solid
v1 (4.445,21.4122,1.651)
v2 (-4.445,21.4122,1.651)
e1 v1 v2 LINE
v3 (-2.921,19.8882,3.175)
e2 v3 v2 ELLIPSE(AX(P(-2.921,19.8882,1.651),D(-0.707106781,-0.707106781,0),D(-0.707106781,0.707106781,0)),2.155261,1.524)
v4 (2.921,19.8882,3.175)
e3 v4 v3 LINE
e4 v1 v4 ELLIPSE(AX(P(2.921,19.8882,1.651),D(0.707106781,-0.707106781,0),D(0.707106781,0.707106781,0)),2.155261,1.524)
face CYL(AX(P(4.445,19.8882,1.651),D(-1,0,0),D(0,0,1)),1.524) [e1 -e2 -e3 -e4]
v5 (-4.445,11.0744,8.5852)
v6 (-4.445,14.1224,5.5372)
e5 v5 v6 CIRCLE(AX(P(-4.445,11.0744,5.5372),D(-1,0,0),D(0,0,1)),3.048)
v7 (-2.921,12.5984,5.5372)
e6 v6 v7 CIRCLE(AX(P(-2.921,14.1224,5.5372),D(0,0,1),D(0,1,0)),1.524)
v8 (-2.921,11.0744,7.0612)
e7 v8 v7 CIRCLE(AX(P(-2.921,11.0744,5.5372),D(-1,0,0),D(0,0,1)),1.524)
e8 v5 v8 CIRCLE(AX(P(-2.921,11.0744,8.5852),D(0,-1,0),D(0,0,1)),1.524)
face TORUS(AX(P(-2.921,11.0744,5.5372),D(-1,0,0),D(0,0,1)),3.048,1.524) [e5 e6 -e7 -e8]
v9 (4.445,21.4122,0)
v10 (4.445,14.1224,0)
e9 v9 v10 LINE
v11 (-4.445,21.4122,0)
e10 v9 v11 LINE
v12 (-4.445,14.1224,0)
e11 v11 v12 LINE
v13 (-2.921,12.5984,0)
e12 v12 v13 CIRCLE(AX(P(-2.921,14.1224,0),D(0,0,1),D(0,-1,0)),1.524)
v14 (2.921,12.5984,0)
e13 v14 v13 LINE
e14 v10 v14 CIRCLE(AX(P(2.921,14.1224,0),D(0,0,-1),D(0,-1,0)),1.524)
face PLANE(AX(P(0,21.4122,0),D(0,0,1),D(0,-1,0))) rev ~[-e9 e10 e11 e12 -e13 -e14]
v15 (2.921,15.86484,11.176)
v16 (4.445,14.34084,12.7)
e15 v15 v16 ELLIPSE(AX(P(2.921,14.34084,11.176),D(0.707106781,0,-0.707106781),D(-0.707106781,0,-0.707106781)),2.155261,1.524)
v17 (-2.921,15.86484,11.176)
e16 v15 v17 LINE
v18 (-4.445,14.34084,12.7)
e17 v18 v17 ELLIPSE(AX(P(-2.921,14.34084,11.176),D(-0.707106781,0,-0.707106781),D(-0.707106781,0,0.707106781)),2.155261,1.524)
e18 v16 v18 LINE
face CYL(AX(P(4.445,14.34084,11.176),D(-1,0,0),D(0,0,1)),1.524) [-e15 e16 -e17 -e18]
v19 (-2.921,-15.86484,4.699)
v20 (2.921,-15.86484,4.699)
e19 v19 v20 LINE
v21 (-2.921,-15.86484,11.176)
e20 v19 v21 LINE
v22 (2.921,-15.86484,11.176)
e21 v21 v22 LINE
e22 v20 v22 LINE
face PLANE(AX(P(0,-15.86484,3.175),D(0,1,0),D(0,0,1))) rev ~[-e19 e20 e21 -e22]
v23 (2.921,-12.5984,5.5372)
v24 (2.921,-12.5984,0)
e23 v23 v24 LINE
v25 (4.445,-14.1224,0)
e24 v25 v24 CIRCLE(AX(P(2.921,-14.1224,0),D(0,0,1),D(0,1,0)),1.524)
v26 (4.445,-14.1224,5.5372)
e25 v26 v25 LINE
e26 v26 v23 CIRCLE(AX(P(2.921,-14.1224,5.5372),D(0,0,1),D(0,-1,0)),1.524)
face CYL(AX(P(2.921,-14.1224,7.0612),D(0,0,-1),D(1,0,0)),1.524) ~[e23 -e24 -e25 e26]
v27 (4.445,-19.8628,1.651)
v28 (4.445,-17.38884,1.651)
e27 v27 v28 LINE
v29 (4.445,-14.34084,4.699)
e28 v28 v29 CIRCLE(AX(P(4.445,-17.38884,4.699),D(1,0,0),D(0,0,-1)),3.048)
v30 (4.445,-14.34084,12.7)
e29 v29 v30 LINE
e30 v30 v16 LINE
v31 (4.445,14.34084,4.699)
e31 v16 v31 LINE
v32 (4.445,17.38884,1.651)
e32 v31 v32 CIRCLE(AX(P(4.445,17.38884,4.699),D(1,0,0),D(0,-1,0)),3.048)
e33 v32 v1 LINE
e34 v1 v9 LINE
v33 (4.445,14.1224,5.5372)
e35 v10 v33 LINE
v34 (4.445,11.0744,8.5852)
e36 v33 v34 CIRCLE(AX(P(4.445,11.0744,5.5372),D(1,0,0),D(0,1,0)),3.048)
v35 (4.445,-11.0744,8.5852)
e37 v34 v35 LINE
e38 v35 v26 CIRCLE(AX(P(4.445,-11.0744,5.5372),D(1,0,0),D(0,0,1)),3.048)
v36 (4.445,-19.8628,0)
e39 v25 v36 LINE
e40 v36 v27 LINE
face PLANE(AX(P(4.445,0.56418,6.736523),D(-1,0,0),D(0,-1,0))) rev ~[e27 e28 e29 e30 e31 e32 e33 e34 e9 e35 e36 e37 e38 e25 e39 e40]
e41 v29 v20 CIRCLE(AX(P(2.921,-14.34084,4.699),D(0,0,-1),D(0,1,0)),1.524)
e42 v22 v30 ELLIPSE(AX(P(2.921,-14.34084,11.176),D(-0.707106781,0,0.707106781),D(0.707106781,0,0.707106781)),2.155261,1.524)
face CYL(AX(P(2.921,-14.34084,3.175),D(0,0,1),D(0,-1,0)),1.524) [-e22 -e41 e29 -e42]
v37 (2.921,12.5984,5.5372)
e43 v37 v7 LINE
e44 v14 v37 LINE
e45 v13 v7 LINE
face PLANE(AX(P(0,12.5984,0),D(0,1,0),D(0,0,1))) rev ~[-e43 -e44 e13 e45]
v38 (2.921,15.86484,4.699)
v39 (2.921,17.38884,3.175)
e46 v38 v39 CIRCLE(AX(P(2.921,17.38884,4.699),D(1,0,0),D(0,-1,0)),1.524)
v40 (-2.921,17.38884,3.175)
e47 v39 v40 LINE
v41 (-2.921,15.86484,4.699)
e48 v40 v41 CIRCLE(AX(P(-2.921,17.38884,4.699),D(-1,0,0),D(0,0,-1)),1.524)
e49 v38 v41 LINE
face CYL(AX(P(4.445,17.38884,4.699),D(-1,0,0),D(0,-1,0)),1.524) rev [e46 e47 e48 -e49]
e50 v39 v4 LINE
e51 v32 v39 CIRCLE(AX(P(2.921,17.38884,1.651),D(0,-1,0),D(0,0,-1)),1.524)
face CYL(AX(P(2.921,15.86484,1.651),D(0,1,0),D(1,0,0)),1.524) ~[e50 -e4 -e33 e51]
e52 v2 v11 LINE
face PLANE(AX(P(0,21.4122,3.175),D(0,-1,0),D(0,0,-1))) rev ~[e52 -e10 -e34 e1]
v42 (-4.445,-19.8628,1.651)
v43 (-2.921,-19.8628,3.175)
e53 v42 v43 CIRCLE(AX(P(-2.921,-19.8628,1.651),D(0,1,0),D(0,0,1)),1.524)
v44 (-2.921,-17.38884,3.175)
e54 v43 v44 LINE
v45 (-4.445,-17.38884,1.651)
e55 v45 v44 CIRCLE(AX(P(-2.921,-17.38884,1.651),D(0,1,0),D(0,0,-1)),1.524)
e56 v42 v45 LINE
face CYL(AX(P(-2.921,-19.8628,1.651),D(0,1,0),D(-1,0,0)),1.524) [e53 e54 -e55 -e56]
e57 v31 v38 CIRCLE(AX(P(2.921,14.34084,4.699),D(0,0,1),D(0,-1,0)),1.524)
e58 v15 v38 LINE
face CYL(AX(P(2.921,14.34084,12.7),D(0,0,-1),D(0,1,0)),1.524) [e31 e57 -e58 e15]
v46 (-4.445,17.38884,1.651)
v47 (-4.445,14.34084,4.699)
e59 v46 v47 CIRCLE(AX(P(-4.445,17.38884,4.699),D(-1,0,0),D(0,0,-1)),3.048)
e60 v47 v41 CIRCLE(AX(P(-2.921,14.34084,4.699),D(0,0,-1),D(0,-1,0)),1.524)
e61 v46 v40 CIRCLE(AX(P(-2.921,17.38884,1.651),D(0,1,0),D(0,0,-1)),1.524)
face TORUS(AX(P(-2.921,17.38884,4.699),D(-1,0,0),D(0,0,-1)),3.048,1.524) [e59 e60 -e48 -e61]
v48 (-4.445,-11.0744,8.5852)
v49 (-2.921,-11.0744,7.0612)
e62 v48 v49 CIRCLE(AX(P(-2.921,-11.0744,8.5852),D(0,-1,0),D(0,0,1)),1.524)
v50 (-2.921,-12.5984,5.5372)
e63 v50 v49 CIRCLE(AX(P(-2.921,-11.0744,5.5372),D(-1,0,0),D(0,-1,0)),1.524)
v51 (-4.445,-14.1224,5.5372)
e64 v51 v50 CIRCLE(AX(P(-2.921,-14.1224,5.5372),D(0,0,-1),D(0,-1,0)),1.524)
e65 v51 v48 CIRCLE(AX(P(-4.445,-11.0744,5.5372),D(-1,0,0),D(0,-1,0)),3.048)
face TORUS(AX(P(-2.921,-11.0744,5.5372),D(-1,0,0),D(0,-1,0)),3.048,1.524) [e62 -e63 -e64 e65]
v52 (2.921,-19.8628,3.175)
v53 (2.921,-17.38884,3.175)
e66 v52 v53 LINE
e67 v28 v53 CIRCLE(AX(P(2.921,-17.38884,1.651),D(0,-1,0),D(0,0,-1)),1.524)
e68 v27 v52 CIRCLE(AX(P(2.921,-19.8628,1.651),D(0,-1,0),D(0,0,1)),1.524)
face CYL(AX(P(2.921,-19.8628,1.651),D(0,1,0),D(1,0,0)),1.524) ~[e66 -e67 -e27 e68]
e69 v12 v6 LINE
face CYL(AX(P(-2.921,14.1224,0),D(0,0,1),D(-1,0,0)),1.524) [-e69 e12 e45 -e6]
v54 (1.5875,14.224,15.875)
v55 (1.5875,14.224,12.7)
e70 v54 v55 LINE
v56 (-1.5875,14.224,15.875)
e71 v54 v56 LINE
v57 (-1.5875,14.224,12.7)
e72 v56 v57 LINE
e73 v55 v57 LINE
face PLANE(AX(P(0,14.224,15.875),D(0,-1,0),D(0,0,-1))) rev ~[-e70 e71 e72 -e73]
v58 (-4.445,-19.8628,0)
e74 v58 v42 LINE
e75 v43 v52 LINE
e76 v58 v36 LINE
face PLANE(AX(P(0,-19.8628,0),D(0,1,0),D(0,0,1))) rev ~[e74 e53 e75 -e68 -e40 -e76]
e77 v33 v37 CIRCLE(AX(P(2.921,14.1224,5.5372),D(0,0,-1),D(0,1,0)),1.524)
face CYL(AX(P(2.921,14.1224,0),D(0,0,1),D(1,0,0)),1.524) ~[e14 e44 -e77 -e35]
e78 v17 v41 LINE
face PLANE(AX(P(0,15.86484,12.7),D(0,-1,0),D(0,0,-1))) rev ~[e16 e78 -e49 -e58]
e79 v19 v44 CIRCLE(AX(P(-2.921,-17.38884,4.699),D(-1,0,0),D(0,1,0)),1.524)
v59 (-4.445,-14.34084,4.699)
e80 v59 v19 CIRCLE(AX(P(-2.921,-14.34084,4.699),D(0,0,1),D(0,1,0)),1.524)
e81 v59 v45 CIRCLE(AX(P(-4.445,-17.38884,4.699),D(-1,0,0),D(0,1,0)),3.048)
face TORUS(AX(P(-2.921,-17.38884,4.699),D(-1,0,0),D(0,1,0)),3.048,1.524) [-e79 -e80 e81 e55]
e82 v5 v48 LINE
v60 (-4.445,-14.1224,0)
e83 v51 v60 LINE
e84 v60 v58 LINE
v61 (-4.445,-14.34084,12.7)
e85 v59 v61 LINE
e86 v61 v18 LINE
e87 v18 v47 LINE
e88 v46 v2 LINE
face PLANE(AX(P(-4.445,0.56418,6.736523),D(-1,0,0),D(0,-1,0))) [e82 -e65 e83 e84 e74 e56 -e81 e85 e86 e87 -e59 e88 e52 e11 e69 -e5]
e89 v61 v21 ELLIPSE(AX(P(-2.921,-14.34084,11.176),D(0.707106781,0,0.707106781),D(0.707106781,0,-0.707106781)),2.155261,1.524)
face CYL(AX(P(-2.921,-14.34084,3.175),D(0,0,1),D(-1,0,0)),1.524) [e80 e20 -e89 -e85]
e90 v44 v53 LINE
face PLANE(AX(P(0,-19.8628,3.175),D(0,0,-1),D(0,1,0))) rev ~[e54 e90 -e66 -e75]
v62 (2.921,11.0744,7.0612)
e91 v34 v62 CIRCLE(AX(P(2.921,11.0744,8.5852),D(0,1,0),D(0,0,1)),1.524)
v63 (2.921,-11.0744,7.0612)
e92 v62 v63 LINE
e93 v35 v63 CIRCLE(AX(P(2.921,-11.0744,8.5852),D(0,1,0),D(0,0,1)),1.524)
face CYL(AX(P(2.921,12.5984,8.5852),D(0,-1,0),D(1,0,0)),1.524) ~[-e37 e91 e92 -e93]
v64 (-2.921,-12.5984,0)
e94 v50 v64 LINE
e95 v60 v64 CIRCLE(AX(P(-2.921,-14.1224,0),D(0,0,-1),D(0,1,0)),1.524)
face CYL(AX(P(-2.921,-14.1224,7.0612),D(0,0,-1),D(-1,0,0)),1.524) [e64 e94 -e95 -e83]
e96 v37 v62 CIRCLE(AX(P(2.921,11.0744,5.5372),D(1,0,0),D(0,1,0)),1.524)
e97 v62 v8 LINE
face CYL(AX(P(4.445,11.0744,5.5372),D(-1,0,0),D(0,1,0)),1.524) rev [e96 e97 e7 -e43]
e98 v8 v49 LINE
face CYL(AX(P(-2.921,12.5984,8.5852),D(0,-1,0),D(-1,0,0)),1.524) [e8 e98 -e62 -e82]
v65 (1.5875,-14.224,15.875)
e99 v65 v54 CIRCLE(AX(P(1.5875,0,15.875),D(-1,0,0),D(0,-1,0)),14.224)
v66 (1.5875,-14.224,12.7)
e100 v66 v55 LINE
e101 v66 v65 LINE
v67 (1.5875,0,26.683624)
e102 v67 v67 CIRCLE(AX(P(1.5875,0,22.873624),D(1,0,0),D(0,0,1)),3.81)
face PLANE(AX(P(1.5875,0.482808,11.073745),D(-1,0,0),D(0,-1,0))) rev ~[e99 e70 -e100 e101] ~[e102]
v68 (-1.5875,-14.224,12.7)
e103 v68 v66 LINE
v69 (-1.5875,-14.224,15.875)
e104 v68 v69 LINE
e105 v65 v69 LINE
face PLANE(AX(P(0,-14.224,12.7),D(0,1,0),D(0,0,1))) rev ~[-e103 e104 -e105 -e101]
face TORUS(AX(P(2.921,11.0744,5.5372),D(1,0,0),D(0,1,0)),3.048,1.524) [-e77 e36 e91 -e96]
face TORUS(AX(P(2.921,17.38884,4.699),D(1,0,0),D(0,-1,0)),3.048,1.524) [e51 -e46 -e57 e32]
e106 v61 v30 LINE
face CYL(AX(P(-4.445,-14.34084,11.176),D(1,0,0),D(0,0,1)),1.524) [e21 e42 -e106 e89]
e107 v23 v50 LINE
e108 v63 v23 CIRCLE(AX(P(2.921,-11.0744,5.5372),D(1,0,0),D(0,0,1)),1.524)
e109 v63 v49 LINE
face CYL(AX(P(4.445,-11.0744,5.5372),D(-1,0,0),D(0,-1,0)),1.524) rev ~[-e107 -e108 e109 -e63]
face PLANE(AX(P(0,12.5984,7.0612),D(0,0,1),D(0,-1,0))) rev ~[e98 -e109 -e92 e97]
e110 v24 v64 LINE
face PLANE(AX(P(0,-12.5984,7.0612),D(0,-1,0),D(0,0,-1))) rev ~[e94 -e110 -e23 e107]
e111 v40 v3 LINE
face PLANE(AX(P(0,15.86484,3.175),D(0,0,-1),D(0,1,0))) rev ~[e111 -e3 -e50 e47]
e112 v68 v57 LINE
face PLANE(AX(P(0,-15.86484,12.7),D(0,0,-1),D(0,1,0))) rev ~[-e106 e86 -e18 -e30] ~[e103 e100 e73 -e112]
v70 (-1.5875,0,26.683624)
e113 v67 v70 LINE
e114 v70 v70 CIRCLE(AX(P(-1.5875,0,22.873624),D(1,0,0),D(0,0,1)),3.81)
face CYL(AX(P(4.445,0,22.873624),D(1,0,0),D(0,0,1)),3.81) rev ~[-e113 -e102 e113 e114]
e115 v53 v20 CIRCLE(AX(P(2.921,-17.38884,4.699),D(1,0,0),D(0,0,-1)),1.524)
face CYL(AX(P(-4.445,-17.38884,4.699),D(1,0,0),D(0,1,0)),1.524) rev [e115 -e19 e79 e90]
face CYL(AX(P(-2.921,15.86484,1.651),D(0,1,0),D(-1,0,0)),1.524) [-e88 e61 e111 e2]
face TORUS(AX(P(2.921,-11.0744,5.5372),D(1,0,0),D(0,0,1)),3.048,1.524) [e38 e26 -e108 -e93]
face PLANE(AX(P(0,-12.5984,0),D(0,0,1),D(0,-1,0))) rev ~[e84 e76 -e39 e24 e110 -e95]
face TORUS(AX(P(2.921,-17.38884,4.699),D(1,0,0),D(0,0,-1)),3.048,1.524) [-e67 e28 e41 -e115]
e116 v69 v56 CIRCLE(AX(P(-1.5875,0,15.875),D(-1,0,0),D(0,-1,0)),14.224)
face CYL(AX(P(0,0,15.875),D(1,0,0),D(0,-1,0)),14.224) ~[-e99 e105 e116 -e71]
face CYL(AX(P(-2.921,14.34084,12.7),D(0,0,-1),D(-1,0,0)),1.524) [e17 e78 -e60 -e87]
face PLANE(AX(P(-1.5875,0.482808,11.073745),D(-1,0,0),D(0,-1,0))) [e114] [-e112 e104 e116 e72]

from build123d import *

# Parameters (mm, degrees)
BOSS_EXTRUDE1_DEPTH = 4.445
BOSS_EXTRUDE2_DEPTH = 1.5875
SKETCH5_R           = 3.81
CUT_EXTRUDE1_DEPTH  = 127
FILLET2_R           = 1.524
FILLET3_R           = 1.524
FILLET4_R           = 1.524


with BuildPart() as part:
    # Sketch3 → Boss-Extrude1 (new, symmetric)
    with BuildSketch(Plane.YZ):
        Polygon((-19.8628, 0), (-19.8628, 3.175), (-15.86484, 3.175), (-15.86484, 12.7), (15.86484, 12.7), (15.86484, 3.175), (21.4122, 3.175), (21.4122, 0), (12.5984, 0), (12.5984, 7.0612), (-12.5984, 7.0612), (-12.5984, 0), align=None)
    extrude(amount=BOSS_EXTRUDE1_DEPTH, both=True)

    # Sketch4 → Boss-Extrude2 (add, symmetric)
    with BuildSketch(Plane.YZ):
        with BuildLine():
            Line((-14.224, 12.7), (-14.224, 15.875))
            ThreePointArc((-14.224, 15.875), (0, 30.099), (14.224, 15.875))
            Line((14.224, 15.875), (14.224, 12.7))
            Line((14.224, 12.7), (15.86484, 12.7))
            Line((15.86484, 12.7), (15.86484, 3.175))
            Line((15.86484, 3.175), (21.4122, 3.175))
            Line((21.4122, 3.175), (21.4122, 0))
            Line((21.4122, 0), (12.5984, 0))
            Line((12.5984, 0), (12.5984, 7.0612))
            Line((12.5984, 7.0612), (-12.5984, 7.0612))
            Line((-12.5984, 7.0612), (-12.5984, 0))
            Line((-12.5984, 0), (-19.8628, 0))
            Line((-19.8628, 0), (-19.8628, 3.175))
            Line((-19.8628, 3.175), (-15.86484, 3.175))
            Line((-15.86484, 3.175), (-15.86484, 12.7))
            Line((-15.86484, 12.7), (-14.224, 12.7))
        make_face()
    extrude(amount=BOSS_EXTRUDE2_DEPTH, both=True)

    # Sketch5 → Cut-Extrude1 (cut)
    with BuildSketch(Plane.YZ.offset(4.445)):
        with Locations(Location((0, 22.873624204, 0), (0, 0, 90))):
            Circle(SKETCH5_R)
    extrude(amount=-CUT_EXTRUDE1_DEPTH, mode=Mode.SUBTRACT)

    # Fillet2
    fillet2_edges = [part.edges().sort_by_distance(p)[0] for p in [
        (4.445, 15.86484, 7.9375),
        (4.445, 18.63852, 3.175),
        (0, 15.86484, 12.7),
        (0, 15.86484, 3.175),
        (0, 21.4122, 3.175),
        (-4.445, 18.63852, 3.175),
        (-4.445, 15.86484, 7.9375),
    ]]
    fillet(fillet2_edges, radius=FILLET2_R)

    # Fillet3
    fillet3_edges = [part.edges().sort_by_distance(p)[0] for p in [
        (4.445, -17.86382, 3.175),
        (4.445, -15.86484, 7.9375),
        (0, -15.86484, 3.175),
        (0, -15.86484, 12.7),
        (-4.445, -15.86484, 7.9375),
        (-4.445, -17.86382, 3.175),
    ]]
    fillet(fillet3_edges, radius=FILLET3_R)

    # Fillet4
    fillet4_edges = [part.edges().sort_by_distance(p)[0] for p in [
        (-4.445, 0, 7.0612),
        (4.445, 12.5984, 3.5306),
        (4.445, 0, 7.0612),
        (4.445, -12.5984, 3.5306),
        (-4.445, 12.5984, 3.5306),
        (0, 12.5984, 7.0612),
        (0, -12.5984, 7.0612),
        (-4.445, -12.5984, 3.5306),
    ]]
    fillet(fillet4_edges, radius=FILLET4_R)


solid = part.part
